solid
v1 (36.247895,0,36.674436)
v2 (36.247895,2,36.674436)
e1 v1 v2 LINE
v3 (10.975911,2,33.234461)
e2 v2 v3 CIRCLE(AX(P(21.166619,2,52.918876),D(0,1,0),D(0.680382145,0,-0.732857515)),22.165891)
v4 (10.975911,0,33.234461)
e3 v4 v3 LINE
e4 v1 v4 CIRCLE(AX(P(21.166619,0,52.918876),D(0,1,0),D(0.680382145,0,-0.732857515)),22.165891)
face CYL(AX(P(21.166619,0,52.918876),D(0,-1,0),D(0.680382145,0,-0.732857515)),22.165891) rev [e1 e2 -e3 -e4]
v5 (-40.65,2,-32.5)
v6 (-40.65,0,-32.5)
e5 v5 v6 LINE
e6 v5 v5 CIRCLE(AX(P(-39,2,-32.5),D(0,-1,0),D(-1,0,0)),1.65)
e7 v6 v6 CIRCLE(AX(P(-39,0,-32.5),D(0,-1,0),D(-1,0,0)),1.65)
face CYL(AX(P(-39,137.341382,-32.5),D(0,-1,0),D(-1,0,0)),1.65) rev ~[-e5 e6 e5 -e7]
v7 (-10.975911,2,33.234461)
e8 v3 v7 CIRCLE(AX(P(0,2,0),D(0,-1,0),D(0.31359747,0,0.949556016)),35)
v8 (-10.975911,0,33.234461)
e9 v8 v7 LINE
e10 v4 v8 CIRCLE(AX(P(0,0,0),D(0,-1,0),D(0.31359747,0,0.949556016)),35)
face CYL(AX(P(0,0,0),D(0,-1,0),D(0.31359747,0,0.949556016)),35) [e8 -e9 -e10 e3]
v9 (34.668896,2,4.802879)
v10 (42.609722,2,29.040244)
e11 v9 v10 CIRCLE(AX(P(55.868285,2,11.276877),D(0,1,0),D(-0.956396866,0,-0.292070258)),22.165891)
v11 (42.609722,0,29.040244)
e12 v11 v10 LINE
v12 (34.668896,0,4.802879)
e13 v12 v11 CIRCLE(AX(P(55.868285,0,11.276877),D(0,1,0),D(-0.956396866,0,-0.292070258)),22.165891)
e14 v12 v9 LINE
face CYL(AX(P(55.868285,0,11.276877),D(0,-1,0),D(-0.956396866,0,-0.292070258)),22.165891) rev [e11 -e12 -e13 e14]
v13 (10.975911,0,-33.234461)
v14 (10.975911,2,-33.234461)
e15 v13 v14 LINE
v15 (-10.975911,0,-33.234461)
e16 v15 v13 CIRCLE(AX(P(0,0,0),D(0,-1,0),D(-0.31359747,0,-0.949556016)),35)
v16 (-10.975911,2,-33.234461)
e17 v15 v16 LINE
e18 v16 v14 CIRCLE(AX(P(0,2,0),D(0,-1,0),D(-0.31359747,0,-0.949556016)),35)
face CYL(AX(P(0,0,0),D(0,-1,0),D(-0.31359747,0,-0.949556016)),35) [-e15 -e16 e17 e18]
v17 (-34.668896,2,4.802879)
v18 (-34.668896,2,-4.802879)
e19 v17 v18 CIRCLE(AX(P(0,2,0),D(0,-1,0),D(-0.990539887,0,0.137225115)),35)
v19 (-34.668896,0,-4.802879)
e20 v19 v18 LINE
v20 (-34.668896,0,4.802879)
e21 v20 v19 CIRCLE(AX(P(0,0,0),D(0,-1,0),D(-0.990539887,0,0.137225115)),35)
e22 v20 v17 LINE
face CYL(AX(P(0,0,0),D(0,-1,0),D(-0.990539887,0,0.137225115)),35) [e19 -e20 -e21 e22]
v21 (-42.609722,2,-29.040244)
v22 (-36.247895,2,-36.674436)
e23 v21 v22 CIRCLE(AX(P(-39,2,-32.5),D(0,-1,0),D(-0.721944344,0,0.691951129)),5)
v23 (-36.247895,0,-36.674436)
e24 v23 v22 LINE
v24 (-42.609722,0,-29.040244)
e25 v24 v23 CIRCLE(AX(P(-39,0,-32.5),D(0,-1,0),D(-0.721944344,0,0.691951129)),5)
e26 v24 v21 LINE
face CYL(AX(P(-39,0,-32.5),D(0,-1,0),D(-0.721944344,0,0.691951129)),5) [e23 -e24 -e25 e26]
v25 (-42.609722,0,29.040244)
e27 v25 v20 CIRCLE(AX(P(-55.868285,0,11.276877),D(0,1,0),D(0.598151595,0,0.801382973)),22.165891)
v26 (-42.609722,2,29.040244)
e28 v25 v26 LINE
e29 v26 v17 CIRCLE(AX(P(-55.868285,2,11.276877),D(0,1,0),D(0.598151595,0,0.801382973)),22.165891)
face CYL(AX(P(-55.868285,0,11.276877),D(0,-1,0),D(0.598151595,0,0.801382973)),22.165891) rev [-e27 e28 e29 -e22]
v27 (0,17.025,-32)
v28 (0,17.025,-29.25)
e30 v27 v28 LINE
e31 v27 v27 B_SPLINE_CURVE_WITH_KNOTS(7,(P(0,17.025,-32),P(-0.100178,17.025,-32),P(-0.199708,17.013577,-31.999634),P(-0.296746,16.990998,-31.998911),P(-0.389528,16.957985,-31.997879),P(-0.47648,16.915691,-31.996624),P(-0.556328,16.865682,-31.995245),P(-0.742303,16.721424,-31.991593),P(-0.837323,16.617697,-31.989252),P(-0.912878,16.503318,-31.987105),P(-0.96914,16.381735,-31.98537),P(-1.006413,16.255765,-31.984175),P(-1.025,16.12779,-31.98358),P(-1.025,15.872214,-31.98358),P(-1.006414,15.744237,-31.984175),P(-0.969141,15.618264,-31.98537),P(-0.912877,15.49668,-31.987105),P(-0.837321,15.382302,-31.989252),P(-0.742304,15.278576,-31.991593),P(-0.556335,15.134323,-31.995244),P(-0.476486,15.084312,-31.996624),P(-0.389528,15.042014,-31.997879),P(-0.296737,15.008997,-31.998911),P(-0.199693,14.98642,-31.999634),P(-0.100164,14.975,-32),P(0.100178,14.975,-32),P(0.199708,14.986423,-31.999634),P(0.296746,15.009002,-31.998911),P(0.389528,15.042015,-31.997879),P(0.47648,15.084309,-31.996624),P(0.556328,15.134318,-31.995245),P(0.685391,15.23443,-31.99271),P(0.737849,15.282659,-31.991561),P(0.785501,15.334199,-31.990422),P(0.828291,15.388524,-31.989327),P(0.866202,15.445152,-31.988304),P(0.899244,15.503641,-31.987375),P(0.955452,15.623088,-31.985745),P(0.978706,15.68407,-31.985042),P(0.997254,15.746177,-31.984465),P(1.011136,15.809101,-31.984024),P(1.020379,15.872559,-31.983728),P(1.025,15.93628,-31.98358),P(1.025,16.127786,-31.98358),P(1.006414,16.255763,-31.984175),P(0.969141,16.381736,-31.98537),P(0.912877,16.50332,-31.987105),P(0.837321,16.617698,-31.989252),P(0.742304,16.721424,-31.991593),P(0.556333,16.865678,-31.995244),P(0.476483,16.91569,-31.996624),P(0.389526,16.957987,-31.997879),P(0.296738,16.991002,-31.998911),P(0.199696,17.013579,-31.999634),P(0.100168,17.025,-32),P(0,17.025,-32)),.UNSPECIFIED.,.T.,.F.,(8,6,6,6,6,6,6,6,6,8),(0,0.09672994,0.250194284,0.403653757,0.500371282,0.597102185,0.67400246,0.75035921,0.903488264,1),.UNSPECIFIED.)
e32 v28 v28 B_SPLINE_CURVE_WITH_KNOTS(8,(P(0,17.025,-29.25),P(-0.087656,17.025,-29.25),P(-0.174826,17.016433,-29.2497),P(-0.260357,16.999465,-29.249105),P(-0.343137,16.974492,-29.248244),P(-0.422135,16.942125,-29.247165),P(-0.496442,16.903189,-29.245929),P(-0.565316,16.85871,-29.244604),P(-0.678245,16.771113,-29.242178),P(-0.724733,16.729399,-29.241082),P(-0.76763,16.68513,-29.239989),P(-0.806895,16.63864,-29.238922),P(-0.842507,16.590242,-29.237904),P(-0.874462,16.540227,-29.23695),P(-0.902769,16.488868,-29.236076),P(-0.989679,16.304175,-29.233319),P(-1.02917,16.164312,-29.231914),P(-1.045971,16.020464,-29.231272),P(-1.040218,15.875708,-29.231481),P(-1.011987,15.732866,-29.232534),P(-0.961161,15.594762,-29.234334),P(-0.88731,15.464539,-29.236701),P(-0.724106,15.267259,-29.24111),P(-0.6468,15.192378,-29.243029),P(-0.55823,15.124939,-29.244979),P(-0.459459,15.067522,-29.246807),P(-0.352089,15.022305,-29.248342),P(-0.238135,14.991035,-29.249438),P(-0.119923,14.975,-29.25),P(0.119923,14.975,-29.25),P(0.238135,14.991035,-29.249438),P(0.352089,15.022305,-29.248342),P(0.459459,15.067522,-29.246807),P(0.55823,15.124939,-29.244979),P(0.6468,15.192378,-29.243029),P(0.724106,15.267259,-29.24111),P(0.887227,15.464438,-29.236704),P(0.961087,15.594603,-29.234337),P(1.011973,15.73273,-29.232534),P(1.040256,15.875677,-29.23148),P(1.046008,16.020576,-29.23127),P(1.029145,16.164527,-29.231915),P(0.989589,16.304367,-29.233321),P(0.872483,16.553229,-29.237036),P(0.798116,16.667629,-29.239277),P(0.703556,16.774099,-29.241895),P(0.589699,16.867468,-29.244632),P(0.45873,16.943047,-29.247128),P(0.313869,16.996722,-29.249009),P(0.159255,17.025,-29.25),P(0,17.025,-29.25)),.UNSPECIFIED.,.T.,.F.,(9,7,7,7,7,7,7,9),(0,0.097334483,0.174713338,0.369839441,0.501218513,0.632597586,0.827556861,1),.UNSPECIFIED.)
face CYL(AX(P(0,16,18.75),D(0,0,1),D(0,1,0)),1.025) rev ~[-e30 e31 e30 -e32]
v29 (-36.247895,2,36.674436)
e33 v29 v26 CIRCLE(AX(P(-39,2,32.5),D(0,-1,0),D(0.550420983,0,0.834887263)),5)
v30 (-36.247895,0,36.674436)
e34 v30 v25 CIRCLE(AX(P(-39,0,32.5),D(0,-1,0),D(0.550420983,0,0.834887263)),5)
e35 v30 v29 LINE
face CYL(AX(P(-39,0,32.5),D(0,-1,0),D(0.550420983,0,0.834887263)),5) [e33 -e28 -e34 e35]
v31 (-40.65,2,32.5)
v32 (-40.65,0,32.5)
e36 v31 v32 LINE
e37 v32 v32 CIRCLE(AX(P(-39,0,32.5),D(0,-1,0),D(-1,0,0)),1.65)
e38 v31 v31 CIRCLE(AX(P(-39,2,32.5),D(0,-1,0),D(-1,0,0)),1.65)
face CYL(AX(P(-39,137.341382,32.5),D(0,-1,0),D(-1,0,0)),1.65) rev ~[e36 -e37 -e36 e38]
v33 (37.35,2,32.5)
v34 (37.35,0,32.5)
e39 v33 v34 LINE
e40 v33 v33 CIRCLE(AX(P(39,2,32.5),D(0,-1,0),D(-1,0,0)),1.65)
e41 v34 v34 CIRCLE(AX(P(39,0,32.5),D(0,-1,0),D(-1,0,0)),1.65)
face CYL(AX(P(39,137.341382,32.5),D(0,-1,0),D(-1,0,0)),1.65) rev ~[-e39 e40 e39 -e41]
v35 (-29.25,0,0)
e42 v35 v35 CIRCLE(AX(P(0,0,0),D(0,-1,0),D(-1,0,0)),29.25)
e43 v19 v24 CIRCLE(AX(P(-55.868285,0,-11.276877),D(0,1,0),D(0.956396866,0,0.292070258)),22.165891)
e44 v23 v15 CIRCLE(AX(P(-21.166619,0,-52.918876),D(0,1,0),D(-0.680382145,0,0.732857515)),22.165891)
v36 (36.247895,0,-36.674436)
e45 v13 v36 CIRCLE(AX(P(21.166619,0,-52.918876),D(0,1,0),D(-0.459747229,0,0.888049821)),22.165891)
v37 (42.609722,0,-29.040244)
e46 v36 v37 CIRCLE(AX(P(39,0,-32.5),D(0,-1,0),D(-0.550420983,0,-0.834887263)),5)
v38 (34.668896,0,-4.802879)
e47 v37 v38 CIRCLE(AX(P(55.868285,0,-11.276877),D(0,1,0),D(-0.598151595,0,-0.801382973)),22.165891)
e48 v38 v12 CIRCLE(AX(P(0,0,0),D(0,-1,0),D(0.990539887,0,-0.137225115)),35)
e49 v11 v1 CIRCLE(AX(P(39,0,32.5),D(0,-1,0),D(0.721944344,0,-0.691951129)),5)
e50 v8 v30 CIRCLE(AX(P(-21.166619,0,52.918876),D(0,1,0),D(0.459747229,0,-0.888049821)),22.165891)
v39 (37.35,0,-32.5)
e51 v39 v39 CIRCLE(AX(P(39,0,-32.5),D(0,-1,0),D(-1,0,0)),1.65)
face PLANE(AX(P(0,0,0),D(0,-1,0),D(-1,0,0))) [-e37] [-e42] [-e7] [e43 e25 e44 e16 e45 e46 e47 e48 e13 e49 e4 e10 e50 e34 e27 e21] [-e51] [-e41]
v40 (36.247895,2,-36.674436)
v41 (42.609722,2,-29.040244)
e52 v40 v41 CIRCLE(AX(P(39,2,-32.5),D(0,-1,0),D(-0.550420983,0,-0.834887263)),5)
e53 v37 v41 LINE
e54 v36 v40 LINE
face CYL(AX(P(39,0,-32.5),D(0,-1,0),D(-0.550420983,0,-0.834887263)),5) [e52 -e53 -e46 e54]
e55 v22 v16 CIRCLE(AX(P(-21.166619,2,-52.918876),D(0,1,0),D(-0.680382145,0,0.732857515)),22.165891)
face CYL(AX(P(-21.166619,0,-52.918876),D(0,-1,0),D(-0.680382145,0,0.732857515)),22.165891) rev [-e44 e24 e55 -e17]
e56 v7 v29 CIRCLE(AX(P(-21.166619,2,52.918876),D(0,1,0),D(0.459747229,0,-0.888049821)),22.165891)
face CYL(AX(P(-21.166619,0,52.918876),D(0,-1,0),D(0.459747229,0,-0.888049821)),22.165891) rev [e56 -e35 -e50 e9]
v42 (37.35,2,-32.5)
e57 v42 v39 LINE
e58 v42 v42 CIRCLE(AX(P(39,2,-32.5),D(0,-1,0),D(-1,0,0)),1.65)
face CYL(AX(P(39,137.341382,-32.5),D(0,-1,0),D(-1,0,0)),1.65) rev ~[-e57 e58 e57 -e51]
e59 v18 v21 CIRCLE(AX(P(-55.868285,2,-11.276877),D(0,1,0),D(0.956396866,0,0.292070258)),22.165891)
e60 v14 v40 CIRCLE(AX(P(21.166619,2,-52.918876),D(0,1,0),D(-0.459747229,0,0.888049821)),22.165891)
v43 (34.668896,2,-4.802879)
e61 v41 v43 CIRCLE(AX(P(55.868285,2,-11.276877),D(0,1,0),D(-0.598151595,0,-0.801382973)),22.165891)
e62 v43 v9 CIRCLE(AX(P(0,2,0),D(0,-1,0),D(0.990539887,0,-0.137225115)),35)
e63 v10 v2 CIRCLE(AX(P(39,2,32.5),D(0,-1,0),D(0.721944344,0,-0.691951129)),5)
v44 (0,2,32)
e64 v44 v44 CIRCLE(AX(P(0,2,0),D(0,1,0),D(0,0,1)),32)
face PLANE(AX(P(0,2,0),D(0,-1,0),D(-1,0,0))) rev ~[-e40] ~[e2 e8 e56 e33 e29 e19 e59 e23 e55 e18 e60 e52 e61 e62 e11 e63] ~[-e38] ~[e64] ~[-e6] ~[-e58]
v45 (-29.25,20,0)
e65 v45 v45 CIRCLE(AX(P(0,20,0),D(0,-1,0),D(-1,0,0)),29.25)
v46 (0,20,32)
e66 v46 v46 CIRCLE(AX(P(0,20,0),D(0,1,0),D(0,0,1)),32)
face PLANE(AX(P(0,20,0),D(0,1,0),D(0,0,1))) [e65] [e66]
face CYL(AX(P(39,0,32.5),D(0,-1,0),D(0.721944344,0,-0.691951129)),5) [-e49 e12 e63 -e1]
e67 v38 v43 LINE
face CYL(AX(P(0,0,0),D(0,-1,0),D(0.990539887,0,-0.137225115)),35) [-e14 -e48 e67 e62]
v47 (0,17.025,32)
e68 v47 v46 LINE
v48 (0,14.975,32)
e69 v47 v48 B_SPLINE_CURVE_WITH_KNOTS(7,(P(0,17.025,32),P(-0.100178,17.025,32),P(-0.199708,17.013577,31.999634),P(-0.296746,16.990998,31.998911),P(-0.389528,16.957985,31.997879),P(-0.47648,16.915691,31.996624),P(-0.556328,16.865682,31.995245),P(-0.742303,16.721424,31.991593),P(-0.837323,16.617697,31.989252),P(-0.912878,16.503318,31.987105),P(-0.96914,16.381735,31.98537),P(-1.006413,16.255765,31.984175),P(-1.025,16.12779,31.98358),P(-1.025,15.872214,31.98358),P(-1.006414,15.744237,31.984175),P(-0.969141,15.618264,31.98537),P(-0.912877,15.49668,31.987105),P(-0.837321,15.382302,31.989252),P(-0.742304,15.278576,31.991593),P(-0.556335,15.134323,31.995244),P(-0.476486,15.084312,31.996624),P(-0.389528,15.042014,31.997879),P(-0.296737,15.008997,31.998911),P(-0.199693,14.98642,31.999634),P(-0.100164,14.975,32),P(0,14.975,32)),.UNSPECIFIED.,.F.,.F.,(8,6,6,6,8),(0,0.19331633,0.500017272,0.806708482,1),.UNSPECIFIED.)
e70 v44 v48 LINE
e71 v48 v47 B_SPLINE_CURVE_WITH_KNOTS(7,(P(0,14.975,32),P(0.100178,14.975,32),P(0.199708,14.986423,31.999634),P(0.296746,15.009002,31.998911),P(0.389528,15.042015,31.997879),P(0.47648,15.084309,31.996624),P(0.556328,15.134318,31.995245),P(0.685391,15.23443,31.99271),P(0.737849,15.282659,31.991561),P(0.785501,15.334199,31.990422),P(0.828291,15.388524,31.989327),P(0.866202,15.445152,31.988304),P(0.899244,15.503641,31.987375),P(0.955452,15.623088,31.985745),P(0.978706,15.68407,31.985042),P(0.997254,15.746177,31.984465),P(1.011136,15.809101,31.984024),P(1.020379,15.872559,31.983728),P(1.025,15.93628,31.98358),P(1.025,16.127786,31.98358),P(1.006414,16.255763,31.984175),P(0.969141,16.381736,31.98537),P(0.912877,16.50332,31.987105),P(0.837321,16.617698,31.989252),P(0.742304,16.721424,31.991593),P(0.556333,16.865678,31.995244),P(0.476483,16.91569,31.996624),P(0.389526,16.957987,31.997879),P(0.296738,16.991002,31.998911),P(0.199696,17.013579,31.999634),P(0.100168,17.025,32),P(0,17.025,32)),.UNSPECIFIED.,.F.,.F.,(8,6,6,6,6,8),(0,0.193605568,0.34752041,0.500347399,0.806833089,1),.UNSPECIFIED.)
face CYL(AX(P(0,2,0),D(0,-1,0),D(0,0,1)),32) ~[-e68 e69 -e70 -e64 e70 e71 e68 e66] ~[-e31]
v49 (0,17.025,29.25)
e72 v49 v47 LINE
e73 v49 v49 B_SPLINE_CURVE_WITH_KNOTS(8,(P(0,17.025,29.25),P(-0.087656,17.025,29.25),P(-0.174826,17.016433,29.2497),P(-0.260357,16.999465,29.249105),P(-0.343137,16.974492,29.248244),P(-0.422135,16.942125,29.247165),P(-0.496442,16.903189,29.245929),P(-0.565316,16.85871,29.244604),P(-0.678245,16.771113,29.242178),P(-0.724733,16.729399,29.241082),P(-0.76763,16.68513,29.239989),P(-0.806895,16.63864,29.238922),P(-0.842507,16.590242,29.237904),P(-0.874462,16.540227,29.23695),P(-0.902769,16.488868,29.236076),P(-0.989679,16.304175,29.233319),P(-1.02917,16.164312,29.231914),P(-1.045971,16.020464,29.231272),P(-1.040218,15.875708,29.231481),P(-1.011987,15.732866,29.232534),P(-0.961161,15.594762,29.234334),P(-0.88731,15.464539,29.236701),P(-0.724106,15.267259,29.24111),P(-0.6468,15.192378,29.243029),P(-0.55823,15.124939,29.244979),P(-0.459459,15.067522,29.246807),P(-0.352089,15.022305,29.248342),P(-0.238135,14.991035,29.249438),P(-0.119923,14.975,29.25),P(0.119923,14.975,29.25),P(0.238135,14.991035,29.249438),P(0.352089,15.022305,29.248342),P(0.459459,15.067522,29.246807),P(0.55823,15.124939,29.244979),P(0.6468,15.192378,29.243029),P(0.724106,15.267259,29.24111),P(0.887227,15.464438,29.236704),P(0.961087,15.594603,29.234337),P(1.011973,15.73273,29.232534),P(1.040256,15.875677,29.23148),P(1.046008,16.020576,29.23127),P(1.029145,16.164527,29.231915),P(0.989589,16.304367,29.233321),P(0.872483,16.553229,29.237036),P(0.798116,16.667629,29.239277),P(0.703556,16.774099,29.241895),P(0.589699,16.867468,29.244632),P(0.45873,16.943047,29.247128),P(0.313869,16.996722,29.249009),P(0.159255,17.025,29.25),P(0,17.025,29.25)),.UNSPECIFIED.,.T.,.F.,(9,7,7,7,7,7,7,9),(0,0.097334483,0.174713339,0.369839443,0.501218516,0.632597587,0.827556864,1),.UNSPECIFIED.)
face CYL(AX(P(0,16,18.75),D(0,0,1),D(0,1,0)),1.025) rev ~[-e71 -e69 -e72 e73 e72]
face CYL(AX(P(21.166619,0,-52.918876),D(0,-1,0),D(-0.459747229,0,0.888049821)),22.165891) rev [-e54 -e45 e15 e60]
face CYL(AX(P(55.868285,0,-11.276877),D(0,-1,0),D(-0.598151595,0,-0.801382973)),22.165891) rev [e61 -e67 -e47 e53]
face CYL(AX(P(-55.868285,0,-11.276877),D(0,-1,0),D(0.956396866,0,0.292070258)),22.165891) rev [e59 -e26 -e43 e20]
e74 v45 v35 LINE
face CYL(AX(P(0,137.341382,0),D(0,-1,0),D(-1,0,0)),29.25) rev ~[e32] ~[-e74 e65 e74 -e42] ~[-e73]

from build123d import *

# Parameters (mm, degrees)
EXTRUDE_2_DEPTH     = 2
SKETCH_2_R          = 32
EXTRUDE_3_DEPTH     = 18
SKETCH_10_W         = 1.025
SKETCH_10_H         = 37.5
HOLE_WIZARD_M4_2_D  = 3.3
HOLE_WIZARD_M60_2_D = 58.5


with BuildPart() as part:
    # 草图1 → 凸台-拉伸2 (new body)
    with BuildSketch(Plane(origin=(0, 0, 0), x_dir=(1, 0, 0), z_dir=(0, 1, 0))):
        with BuildLine():
            ThreePointArc((36.247895087, 36.674436315), (42.841106398, 35.700921998), (42.609721719, 29.040244357))
            ThreePointArc((42.609721719, 29.040244357), (34.804095286, 18.178082868), (34.668896044, 4.802879043))
            ThreePointArc((34.668896044, 4.802879043), (35, 0), (34.668896044, -4.802879043))
            ThreePointArc((34.668896044, -4.802879043), (34.804095286, -18.178082868), (42.609721719, -29.040244357))
            ThreePointArc((42.609721719, -29.040244357), (42.841106398, -35.700921998), (36.247895087, -36.674436315))
            ThreePointArc((36.247895087, -36.674436315), (24.15622984, -30.955521404), (10.97591146, -33.234460544))
            ThreePointArc((10.97591146, -33.234460544), (0, -35), (-10.97591146, -33.234460544))
            ThreePointArc((-10.97591146, -33.234460544), (-24.15622984, -30.955521404), (-36.247895087, -36.674436315))
            ThreePointArc((-36.247895087, -36.674436315), (-42.841106398, -35.700921998), (-42.609721719, -29.040244357))
            ThreePointArc((-42.609721719, -29.040244357), (-34.804095286, -18.178082868), (-34.668896044, -4.802879043))
            ThreePointArc((-34.668896044, -4.802879043), (-35, 0), (-34.668896044, 4.802879043))
            ThreePointArc((-34.668896044, 4.802879043), (-34.804095286, 18.178082868), (-42.609721719, 29.040244357))
            ThreePointArc((-42.609721719, 29.040244357), (-42.841106398, 35.700921998), (-36.247895087, 36.674436315))
            ThreePointArc((-36.247895087, 36.674436315), (-24.15622984, 30.955521404), (-10.97591146, 33.234460544))
            ThreePointArc((-10.97591146, 33.234460544), (0, 35), (10.97591146, 33.234460544))
            ThreePointArc((10.97591146, 33.234460544), (24.15622984, 30.955521404), (36.247895087, 36.674436315))
        make_face()
    extrude(amount=EXTRUDE_2_DEPTH)

    # 草图2 → 凸台-拉伸3 (add)
    with BuildSketch(Plane(origin=(0, 2, 0), x_dir=(1, 0, 0), z_dir=(0, 1, 0))):
        with Locations(Location((0, 0, 0), (0, 0, 270))):
            Circle(SKETCH_2_R)
    extrude(amount=EXTRUDE_3_DEPTH)

    # 草图10 → M2.5 螺纹孔1 (revolve, cut)
    with BuildSketch(Plane(origin=(0, 16, 0), x_dir=(0, 1, 0), z_dir=(1, 0, 0))):
        with Locations((0.5125, 18.75)):
            Rectangle(SKETCH_10_W, SKETCH_10_H)
    hole_wizard_m2_5_1 = revolve(axis=Axis((0, 16, -6.35), (0, 0, 1)), mode=Mode.SUBTRACT)

    # 镜向3: M2.5 螺纹孔1 across plane
    add(hole_wizard_m2_5_1.mirror(Plane.XY), mode=Mode.SUBTRACT)

    # M4 螺纹孔2 (through all)
    with Locations(Plane(origin=(0, 20, 0), x_dir=(1, 0, 0), z_dir=(0, 1, 0))):
        with Locations((-39, 32.5), (-39, -32.5), (39, -32.5), (39, 32.5)):
            Hole(HOLE_WIZARD_M4_2_D / 2)

    # M60 螺纹孔2 (through all)
    with Locations(Plane(origin=(0, 20, 0), x_dir=(1, 0, 0), z_dir=(0, 1, 0))):
        with Locations((0, 0)):
            Hole(HOLE_WIZARD_M60_2_D / 2)


solid = part.part
